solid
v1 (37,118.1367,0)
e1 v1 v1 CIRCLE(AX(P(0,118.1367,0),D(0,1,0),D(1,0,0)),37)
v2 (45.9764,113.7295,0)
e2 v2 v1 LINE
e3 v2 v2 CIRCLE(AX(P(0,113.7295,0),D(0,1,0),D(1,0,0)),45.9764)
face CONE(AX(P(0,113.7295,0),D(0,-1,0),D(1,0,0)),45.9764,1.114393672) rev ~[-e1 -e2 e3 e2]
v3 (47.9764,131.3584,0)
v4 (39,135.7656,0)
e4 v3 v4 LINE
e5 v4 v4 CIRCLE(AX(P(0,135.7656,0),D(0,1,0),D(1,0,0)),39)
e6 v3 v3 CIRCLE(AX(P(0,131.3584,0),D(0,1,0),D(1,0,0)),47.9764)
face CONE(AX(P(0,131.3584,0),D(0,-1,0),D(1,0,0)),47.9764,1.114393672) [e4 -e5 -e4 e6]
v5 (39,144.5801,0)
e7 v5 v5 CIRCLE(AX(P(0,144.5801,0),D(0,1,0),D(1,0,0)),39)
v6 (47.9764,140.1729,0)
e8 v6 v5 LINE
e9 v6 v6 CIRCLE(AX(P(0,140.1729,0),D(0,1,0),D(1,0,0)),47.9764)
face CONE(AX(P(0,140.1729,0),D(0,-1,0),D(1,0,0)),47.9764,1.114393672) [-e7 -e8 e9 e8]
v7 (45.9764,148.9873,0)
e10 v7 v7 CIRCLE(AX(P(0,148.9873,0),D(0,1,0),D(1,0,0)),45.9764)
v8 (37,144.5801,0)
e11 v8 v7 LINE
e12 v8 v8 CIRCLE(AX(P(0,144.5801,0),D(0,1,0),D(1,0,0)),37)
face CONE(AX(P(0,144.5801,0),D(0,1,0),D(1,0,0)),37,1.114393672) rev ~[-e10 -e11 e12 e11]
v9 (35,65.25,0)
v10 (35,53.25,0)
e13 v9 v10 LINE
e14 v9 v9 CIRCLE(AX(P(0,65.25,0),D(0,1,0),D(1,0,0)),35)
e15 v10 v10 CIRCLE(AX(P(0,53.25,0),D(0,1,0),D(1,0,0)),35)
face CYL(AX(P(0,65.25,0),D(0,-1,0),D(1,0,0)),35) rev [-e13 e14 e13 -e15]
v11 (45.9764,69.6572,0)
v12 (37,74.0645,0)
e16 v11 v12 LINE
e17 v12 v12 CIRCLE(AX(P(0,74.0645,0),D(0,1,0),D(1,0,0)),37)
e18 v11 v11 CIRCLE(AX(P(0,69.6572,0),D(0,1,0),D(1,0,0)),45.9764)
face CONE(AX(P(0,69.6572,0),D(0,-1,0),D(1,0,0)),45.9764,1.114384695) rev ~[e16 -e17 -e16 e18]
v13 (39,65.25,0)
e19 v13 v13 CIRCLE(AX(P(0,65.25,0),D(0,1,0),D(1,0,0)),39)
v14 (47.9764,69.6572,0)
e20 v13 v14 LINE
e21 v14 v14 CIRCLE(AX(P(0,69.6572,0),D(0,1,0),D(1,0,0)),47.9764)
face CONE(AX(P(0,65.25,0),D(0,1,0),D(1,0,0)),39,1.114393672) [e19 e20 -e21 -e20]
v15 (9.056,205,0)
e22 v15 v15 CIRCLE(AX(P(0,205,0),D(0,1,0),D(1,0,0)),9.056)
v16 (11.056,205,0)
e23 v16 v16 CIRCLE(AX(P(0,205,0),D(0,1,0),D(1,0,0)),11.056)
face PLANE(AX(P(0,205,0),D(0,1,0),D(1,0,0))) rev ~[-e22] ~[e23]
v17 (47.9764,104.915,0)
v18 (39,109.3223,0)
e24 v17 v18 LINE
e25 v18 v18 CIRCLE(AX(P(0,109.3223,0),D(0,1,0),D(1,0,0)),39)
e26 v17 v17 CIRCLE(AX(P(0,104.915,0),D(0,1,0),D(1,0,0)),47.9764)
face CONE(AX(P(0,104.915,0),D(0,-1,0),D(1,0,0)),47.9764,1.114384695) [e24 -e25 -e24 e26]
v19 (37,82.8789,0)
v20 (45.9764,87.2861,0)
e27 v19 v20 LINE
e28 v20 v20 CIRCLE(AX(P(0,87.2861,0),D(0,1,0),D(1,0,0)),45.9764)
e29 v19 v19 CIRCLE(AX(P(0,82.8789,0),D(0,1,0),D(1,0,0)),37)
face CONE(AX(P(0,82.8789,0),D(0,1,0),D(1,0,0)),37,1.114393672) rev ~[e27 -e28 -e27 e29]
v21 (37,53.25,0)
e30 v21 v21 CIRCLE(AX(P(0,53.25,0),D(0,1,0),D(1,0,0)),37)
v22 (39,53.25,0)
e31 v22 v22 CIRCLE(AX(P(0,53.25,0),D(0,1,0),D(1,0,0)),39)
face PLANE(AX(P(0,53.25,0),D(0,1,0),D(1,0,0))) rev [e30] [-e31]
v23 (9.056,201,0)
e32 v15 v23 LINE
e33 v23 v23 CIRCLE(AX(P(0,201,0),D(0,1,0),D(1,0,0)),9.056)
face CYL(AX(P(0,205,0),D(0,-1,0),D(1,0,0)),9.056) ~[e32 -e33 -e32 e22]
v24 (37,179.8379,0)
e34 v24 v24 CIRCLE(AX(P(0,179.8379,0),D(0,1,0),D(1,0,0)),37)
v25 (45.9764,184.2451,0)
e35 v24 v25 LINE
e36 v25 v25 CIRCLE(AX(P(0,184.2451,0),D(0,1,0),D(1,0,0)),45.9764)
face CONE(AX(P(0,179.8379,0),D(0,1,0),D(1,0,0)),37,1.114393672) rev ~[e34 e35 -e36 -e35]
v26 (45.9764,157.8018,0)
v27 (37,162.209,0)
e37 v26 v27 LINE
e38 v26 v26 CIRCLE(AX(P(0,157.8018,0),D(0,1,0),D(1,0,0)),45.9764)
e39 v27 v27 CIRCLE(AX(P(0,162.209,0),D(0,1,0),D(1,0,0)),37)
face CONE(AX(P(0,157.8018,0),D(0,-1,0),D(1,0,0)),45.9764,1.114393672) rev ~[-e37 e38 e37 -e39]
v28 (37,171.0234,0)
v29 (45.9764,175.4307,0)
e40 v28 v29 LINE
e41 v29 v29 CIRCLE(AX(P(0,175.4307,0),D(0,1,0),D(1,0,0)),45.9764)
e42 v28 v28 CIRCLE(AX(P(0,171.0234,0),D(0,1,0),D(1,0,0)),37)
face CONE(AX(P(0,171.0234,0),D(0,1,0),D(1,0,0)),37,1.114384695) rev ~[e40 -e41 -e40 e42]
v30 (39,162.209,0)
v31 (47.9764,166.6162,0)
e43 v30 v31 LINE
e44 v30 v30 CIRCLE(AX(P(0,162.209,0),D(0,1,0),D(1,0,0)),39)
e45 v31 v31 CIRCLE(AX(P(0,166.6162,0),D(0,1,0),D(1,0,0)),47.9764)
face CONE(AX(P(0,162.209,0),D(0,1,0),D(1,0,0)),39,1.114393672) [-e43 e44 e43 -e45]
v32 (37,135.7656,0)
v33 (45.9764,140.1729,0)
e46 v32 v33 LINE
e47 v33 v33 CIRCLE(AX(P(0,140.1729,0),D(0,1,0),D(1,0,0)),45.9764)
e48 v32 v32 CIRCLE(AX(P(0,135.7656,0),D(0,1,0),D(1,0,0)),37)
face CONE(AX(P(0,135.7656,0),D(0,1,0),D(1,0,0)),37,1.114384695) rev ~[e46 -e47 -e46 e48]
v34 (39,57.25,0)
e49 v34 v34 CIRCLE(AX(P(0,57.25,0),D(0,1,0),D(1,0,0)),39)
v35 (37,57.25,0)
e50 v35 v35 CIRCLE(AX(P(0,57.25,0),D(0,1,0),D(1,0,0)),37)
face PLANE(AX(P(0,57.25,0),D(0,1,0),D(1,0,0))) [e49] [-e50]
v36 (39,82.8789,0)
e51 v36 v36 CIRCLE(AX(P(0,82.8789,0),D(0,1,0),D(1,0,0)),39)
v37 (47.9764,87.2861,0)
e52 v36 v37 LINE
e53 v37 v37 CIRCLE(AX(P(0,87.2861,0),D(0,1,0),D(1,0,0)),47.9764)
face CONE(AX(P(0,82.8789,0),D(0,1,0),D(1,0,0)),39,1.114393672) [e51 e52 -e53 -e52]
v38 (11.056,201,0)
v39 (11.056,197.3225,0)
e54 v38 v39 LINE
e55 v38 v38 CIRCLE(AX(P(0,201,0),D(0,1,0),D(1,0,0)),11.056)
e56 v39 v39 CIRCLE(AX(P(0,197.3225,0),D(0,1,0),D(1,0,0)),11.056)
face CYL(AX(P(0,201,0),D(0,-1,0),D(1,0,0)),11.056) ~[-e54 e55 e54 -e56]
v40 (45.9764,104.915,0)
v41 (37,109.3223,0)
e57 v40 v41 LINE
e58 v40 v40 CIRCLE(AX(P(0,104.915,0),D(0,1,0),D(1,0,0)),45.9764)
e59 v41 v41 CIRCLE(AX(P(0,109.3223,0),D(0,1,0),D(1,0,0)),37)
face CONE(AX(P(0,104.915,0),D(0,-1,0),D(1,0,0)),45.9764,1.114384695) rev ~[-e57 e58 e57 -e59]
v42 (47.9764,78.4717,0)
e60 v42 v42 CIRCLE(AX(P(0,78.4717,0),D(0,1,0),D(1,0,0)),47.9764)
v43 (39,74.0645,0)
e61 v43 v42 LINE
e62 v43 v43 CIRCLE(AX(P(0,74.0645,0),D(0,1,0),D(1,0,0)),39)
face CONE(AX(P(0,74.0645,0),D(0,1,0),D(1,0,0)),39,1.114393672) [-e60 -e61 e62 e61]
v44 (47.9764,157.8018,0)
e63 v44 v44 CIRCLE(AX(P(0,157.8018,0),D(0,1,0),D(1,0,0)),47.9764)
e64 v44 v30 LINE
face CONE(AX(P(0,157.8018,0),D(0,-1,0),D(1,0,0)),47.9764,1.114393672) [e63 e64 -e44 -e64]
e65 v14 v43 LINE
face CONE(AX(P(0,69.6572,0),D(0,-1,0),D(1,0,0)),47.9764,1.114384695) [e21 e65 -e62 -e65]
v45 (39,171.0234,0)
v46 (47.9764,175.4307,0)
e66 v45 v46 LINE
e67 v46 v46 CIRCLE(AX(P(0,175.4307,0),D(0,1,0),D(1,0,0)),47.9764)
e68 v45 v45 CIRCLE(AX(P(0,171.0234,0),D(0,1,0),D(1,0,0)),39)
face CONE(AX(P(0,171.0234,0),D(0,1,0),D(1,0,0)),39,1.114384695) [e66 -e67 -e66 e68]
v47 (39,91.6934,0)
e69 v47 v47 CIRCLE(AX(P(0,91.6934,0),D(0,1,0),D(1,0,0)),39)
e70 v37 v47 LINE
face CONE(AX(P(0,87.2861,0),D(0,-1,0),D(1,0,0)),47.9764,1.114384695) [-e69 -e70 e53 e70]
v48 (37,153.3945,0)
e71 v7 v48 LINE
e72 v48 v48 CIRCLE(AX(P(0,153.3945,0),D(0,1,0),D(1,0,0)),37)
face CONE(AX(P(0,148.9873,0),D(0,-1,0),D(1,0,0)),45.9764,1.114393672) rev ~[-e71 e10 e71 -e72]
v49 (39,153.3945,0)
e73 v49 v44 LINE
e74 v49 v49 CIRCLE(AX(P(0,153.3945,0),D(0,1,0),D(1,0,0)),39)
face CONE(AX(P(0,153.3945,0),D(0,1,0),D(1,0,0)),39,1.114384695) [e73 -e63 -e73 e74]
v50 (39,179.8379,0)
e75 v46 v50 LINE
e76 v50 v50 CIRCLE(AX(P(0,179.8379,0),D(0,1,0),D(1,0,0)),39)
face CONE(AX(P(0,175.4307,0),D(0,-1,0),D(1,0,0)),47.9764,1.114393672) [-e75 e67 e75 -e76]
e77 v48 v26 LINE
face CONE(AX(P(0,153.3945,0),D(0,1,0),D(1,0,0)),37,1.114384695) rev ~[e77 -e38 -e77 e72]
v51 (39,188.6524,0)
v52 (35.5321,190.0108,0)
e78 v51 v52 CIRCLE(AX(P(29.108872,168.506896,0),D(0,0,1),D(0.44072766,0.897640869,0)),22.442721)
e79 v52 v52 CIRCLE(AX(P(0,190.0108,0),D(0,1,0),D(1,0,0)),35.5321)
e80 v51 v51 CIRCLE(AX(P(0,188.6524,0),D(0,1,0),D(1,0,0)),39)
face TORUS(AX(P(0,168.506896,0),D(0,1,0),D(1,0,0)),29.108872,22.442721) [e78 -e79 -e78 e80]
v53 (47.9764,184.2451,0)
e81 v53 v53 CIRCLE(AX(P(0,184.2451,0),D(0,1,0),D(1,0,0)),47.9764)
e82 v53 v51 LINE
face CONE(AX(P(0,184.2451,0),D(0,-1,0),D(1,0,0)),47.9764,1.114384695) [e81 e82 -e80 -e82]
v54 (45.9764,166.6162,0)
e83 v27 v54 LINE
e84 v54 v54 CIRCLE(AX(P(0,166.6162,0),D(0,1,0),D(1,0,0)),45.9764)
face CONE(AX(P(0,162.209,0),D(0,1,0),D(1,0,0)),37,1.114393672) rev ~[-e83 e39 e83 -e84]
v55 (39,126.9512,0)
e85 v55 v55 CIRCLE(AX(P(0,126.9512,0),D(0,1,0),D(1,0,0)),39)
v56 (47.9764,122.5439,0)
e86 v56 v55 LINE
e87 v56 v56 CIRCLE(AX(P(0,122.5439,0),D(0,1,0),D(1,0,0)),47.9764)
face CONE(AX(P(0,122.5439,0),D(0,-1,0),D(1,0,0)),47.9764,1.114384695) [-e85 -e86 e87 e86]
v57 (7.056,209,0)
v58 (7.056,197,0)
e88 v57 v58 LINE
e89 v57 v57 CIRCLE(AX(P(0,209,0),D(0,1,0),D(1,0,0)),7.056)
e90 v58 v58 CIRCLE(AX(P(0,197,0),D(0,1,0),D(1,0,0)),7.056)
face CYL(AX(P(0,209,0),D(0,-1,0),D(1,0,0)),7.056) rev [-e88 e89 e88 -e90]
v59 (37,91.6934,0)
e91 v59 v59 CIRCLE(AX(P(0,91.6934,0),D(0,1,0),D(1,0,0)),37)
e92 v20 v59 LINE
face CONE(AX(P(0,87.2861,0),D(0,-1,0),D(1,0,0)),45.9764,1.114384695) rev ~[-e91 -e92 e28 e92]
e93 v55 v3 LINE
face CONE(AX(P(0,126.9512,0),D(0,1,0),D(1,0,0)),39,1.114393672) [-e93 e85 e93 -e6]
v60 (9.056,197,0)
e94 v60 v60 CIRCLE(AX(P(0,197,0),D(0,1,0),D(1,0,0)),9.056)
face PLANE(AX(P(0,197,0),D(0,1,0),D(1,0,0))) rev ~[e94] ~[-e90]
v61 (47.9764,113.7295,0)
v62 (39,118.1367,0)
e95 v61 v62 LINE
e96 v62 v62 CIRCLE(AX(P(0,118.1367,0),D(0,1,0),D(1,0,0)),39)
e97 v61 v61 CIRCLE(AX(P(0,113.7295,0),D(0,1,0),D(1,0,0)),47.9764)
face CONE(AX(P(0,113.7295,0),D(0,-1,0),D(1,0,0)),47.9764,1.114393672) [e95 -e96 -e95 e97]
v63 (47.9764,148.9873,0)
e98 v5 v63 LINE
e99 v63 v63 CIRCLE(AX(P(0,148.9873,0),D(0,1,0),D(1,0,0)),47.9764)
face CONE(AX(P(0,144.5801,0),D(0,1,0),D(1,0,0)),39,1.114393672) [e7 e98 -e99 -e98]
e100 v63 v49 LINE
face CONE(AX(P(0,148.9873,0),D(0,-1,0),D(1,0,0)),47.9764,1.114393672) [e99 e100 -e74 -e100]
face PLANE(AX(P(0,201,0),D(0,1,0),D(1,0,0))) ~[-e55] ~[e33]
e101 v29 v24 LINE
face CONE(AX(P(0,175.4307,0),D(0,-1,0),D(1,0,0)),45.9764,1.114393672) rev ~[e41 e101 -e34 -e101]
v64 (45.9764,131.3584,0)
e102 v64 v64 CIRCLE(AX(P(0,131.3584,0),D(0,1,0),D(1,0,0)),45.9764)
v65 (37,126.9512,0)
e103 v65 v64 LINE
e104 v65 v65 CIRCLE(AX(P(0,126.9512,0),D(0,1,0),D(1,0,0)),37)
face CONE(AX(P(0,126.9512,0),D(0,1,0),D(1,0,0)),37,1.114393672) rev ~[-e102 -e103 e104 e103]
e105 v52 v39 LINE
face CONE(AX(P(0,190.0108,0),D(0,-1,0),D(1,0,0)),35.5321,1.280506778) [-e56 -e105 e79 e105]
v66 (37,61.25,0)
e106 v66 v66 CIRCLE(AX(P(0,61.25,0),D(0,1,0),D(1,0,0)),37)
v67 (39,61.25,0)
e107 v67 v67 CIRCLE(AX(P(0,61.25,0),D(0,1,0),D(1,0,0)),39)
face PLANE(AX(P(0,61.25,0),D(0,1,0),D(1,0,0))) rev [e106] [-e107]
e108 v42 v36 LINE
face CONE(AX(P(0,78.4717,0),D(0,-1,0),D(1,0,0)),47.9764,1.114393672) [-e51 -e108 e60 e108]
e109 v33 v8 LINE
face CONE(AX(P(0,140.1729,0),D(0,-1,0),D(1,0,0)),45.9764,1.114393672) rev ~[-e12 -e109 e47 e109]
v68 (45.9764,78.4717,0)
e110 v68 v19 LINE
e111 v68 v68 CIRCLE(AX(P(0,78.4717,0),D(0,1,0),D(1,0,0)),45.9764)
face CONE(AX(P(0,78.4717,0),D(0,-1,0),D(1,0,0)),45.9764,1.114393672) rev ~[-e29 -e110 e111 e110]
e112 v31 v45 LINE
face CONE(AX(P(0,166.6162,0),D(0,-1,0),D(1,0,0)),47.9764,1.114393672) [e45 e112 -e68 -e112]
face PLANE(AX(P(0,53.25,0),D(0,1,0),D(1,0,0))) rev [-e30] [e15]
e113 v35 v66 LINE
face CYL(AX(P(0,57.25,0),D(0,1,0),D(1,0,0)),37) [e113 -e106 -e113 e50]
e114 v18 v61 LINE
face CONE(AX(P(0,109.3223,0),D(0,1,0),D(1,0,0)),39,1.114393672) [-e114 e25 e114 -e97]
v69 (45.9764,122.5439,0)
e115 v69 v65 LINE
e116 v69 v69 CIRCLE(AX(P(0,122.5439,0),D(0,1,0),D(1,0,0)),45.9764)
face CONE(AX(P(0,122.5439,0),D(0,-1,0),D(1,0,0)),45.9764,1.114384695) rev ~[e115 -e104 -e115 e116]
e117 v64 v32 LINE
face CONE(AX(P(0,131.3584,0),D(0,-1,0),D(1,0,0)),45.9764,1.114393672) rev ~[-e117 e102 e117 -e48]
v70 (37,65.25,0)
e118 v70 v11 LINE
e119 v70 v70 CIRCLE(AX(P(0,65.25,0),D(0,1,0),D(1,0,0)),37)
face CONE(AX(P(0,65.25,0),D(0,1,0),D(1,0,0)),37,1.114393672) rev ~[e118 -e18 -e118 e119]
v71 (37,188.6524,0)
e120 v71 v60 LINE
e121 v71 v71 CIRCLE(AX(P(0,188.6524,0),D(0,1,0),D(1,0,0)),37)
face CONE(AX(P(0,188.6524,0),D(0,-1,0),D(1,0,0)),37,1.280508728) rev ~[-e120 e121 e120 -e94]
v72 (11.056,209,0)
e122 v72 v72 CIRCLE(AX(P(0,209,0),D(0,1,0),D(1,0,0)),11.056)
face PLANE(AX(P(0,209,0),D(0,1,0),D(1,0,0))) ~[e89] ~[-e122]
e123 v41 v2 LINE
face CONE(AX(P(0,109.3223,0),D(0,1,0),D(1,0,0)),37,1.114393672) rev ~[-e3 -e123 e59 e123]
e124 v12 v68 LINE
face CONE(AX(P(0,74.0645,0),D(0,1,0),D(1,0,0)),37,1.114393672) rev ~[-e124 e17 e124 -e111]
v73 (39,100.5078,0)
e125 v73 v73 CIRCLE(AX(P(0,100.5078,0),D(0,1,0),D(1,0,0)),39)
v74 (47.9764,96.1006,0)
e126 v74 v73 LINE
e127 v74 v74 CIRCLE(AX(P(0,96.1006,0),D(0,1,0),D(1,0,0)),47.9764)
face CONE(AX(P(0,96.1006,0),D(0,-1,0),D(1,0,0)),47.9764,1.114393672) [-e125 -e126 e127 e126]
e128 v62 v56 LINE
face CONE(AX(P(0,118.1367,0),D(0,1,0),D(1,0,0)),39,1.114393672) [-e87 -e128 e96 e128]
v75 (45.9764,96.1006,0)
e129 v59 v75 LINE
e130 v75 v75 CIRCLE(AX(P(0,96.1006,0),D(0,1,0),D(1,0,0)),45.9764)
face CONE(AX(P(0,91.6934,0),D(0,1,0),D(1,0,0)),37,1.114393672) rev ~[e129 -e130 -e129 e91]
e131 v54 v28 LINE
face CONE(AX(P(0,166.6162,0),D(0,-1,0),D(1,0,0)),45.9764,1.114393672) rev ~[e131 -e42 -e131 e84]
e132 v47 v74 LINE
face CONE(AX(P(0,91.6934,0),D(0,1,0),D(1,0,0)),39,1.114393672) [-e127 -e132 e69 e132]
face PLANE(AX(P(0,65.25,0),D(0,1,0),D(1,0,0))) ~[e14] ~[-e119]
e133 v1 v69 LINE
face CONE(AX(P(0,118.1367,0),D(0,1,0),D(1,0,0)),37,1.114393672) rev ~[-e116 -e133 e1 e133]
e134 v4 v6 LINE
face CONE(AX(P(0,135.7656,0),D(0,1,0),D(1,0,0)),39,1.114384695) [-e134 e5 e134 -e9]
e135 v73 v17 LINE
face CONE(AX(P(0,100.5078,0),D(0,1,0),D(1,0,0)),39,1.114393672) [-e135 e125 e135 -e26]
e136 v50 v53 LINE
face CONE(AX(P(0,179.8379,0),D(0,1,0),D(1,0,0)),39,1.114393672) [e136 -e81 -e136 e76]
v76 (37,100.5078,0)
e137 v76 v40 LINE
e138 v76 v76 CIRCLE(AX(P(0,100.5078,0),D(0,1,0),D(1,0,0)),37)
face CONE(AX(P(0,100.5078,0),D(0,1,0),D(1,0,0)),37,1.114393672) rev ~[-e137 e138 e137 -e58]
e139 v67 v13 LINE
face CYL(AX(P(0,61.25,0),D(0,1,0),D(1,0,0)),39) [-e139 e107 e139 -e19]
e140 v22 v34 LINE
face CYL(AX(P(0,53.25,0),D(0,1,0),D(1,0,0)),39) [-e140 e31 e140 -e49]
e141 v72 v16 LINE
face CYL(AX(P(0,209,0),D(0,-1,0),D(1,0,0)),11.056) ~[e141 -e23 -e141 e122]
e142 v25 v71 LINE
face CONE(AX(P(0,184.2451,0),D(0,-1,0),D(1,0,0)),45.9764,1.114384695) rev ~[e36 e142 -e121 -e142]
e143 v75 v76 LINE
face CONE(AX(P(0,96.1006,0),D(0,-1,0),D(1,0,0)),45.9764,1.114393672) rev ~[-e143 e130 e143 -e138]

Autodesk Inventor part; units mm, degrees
ref_plane "YZ Plane" through (0, 0, 0) normal (1, 0, 0) x (0, 1, 0)
ref_plane "XZ Plane" through (0, 0, 0) normal (0, 1, 0) x (-1, 0, 0)
ref_plane "XY Plane" through (0, 0, 0) normal (0, 0, 1) x (1, 0, 0)
sketch "Sketch1" plane through (0, 0, 0) normal (0, 0, 1) x (1, 0, 0)
  line L0 (-37, 65.25) -> (37, 65.25) projected
  line L1 (-37, 53.25) -> (37, 53.25) projected
  line L2 (35, 65.25) -> (35, 53.25)
  line L3 (7.056, 209) -> (7.056, 197)
  line L4 (7.056, 209) -> (7.056, 197)
  line L5 (9.056, 197) -> (7.056, 197)
  line L6 (7.056, 209) -> (11.056, 209)
  line L7 (35, 53.25) -> (39, 53.25)
  line L8 (39, 53.25) -> (39, 57.25)
  line L9 (39, 57.25) -> (37, 57.25)
  line L10 (37, 57.25) -> (37, 61.25)
  line L11 (37, 61.25) -> (39, 61.25)
  line L12 (39, 61.25) -> (39, 65.25)
  line L13 (39, 65.25) -> (37, 65.25) construction
  line L14 (11.056, 209) -> (11.056, 205)
  line L15 (11.056, 205) -> (9.056, 205)
  line L16 (9.056, 205) -> (9.056, 201)
  line L17 (9.056, 201) -> (11.056, 201)
  line L18 (11.056, 201) -> (11.056, 197)
  line L19 (39, 65.25) -> (47.9764, 69.6572)
  line L20 (37, 65.25) -> (45.9764, 69.6572)
  line L21 (37, 65.25) -> (37, 83.6946) construction
  line L22 (45.9764, 69.6572) -> (37, 69.6572) construction
  line L23 (45.9764, 69.6572) -> (37, 74.0645)
  line L24 (47.9764, 69.6572) -> (39, 74.0645)
  line L25 (35.5321, 190.0108) -> (11.056, 197.3225)
  line L26 (37, 188.6524) -> (9.056, 197)
  line L27 (37, 74.0645) -> (46.1526, 74.0645) construction
  line L28 (45.9764, 78.4717) -> (37, 82.8789)
  line L29 (47.9764, 78.4717) -> (39, 82.8789)
  line L30 (39, 74.0645) -> (47.9764, 78.4717)
  line L31 (37, 74.0645) -> (45.9764, 78.4717)
  line L32 (45.9764, 87.2861) -> (37, 91.6934)
  line L33 (47.9764, 87.2861) -> (39, 91.6934)
  line L34 (39, 82.8789) -> (47.9764, 87.2861)
  line L35 (37, 82.8789) -> (45.9764, 87.2861)
  line L36 (45.9764, 96.1006) -> (37, 100.5078)
  line L37 (47.9764, 96.1006) -> (39, 100.5078)
  line L38 (39, 91.6934) -> (47.9764, 96.1006)
  line L39 (37, 91.6934) -> (45.9764, 96.1006)
  line L40 (45.9764, 104.915) -> (37, 109.3223)
  line L41 (47.9764, 104.915) -> (39, 109.3223)
  line L42 (39, 100.5078) -> (47.9764, 104.915)
  line L43 (37, 100.5078) -> (45.9764, 104.915)
  line L44 (45.9764, 113.7295) -> (37, 118.1367)
  line L45 (47.9764, 113.7295) -> (39, 118.1367)
  line L46 (39, 109.3223) -> (47.9764, 113.7295)
  line L47 (37, 109.3223) -> (45.9764, 113.7295)
  line L48 (45.9764, 122.5439) -> (37, 126.9512)
  line L49 (47.9764, 122.5439) -> (39, 126.9512)
  line L50 (39, 118.1367) -> (47.9764, 122.5439)
  line L51 (37, 118.1367) -> (45.9764, 122.5439)
  line L52 (45.9764, 131.3584) -> (37, 135.7656)
  line L53 (47.9764, 131.3584) -> (39, 135.7656)
  line L54 (39, 126.9512) -> (47.9764, 131.3584)
  line L55 (37, 126.9512) -> (45.9764, 131.3584)
  line L56 (45.9764, 140.1729) -> (37, 144.5801)
  line L57 (47.9764, 140.1729) -> (39, 144.5801)
  line L58 (39, 135.7656) -> (47.9764, 140.1729)
  line L59 (37, 135.7656) -> (45.9764, 140.1729)
  line L60 (45.9764, 148.9873) -> (37, 153.3945)
  line L61 (47.9764, 148.9873) -> (39, 153.3945)
  line L62 (39, 144.5801) -> (47.9764, 148.9873)
  line L63 (37, 144.5801) -> (45.9764, 148.9873)
  line L64 (45.9764, 157.8018) -> (37, 162.209)
  line L65 (47.9764, 157.8018) -> (39, 162.209)
  line L66 (39, 153.3945) -> (47.9764, 157.8018)
  line L67 (37, 153.3945) -> (45.9764, 157.8018)
  line L68 (45.9764, 166.6162) -> (37, 171.0234)
  line L69 (47.9764, 166.6162) -> (39, 171.0234)
  line L70 (39, 162.209) -> (47.9764, 166.6162)
  line L71 (37, 162.209) -> (45.9764, 166.6162)
  line L72 (45.9764, 175.4307) -> (37, 179.8379)
  line L73 (47.9764, 175.4307) -> (39, 179.8379)
  line L74 (39, 171.0234) -> (47.9764, 175.4307)
  line L75 (37, 171.0234) -> (45.9764, 175.4307)
  line L76 (0, -41.8) -> (0, 250.8) projected
  line L77 (-9, 209) -> (9, 209) construction
  line L78 (45.9764, 184.2451) -> (37, 188.6524)
  line L79 (47.9764, 184.2451) -> (39, 188.6524)
  line L80 (39, 179.8379) -> (47.9764, 184.2451)
  line L81 (37, 179.8379) -> (45.9764, 184.2451)
  arc A0 (39, 188.6524) -> (35.5321, 190.0108) centre (29.1072, 168.5031) ccw
  point P0 (0, 0)
  point P1 (37, 195.25)
  dimension "d0" = 4
  dimension "d1" = 12
  dimension "d2" = 4
  dimension "d3" = 2
  dimension "d4" = 2
  dimension "d5" = 4
  dimension "d6" = 4
  dimension "d7" = 2
  dimension "d8" = 2
  dimension "d12" = 116.15
  dimension "d13" = 0.8814
  dimension "d17" = 10
  dimension "d18" = 8.8145
  dimension "d28" = 8.8145
  dimension "d34" = 12
  dimension "d35" = 4
  dimension "RevolveDIA" = 7.056
  dimension "d39" = 106.632
  dimension "d40" = 2
  dimension "d41" = 0.8814
revolve "Revolution1" add sketch "Sketch1" angle 360 about axis through (0, -10, 0) along (0, 1, 0) contours L0 L20 L23 L31 L28 L35 L32 L39 L36 L43 L40 L47 L44 L51 L48 L55 L52 L59 L56 L63 L60 L67 L64 L71 L68 L75 L72 L81 L78 L26 L5 L3 L6 L14 L15 L16 L17 L18 L25 A0 L79 L80 L73 L74 L69 L70 L65 L66 L61 L62 L57 L58 L53 L54 L49 L50 L45 L46 L41 L42 L37 L38 L33 L34 L29 L30 L24 L19 L12 L11 L10 L9 L8 L7 L1 L2
equation "\"d0\" = 0.333333 * d1"
equation "\"d2\" = d0"
equation "\"d5\" = d0"
equation "\"d6\" = d0"
equation "\"d28\" = d18"
equation "\"d40\" = d7"
equation "\"d41\" = d13"
equation "\"d10\" = d9"
equation "\"d9\" = 150.364378"
properties part number "MCEN4000:T7" material "RUBBER, SILICONE"
